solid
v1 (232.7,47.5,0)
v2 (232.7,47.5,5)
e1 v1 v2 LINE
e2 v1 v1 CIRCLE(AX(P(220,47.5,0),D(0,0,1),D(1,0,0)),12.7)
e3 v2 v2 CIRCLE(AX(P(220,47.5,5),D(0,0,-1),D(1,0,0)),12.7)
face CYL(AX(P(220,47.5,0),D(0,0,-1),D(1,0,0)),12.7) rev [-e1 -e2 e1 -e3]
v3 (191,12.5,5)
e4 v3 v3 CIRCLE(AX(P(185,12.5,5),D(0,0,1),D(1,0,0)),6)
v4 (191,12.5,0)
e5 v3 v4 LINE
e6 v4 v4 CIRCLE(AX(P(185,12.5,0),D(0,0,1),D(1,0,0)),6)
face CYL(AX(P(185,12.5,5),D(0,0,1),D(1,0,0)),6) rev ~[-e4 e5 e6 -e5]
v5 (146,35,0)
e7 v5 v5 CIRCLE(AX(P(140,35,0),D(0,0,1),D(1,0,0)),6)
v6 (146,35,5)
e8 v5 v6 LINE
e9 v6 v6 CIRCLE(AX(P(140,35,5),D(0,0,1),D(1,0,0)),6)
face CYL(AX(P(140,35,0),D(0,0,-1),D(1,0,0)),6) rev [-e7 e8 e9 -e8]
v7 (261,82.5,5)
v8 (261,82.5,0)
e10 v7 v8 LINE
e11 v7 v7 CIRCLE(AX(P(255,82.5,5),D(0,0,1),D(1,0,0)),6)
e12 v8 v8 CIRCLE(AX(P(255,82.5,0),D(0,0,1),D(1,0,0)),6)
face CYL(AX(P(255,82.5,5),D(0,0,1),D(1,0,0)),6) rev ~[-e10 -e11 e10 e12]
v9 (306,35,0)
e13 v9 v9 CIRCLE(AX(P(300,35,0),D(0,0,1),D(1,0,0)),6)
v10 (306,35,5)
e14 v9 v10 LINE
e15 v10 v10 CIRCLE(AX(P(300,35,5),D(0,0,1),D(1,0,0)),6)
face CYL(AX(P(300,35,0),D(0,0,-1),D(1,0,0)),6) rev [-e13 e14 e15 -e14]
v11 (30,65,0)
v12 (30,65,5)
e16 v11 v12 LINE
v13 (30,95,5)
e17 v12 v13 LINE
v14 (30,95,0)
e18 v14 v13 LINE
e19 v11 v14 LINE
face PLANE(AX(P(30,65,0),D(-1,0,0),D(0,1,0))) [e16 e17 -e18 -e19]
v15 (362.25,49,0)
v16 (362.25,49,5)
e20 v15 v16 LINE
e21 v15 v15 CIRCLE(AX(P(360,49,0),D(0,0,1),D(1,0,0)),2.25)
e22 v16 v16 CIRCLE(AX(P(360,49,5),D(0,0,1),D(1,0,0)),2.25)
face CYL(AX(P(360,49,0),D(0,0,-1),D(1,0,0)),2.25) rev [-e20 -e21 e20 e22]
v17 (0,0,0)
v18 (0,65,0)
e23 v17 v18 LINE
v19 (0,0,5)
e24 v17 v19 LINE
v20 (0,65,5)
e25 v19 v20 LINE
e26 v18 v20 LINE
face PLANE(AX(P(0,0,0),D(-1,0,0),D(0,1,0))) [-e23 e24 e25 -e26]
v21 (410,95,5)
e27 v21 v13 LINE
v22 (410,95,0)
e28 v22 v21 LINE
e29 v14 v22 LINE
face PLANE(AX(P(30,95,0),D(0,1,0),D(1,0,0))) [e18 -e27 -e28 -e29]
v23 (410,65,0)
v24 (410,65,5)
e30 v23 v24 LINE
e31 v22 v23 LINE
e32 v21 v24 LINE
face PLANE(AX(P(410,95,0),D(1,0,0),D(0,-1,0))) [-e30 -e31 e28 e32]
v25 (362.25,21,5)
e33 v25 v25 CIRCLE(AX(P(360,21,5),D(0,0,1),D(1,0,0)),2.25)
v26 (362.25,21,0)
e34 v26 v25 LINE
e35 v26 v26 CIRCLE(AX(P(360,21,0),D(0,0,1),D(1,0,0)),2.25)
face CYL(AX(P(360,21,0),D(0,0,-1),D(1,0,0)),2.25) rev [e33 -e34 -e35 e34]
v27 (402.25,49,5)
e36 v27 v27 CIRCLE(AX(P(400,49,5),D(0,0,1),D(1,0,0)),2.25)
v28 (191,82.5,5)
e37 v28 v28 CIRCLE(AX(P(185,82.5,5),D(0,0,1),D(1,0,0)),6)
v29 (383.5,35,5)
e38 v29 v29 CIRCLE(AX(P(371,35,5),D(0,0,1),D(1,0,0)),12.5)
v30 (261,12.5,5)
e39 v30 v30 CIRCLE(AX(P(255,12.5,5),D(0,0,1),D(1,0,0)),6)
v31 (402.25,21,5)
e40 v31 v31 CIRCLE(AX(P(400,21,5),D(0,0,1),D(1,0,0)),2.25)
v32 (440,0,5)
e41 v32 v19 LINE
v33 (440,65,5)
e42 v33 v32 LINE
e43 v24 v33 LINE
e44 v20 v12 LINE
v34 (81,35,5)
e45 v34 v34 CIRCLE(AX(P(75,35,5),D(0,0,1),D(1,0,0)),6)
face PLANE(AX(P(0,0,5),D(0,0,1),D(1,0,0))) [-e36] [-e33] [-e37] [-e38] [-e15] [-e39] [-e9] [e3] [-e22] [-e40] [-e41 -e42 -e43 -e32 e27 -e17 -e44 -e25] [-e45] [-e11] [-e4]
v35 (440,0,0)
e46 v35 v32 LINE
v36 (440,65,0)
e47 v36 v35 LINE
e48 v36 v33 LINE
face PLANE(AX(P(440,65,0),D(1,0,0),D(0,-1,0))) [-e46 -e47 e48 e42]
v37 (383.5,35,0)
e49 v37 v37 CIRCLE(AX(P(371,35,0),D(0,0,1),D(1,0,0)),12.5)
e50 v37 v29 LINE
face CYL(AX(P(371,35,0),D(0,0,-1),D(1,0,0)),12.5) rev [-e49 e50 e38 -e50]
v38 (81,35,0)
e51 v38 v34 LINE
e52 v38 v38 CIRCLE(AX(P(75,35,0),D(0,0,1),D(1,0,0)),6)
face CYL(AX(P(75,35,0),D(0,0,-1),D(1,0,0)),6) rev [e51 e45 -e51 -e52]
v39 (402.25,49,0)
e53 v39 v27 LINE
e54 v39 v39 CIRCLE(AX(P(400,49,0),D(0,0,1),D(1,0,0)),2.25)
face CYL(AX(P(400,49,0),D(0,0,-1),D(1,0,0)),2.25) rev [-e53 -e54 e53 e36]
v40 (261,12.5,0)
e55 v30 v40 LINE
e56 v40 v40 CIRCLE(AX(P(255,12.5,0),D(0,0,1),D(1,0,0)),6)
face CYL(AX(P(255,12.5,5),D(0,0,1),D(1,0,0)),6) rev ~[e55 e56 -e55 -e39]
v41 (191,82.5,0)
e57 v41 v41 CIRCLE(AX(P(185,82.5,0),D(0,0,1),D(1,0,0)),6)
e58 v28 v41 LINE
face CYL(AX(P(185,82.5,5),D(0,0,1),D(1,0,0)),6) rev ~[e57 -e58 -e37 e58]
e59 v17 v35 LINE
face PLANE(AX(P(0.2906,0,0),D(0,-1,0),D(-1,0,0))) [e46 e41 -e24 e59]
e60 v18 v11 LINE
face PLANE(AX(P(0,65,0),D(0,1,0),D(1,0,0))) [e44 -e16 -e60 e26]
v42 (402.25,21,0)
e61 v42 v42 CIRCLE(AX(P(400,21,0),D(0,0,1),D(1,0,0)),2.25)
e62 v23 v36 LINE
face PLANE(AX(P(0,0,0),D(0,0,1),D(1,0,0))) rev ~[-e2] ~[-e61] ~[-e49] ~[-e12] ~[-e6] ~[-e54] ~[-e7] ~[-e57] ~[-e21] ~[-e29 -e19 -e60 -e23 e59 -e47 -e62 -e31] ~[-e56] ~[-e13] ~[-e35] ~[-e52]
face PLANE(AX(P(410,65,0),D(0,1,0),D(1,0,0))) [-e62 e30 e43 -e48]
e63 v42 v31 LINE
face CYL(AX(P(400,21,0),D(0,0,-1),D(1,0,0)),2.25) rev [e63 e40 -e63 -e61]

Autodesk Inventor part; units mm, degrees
ref_plane "YZ Plane" through (0, 0, 0) normal (1, 0, 0) x (0, 1, 0)
ref_plane "XZ Plane" through (0, 0, 0) normal (0, 1, 0) x (-1, 0, 0)
ref_plane "XY Plane" through (0, 0, 0) normal (0, 0, 1) x (1, 0, 0)
sketch "Sketch1" plane through (0, 0, 0) normal (0, 0, 1) x (1, 0, 0)
  line L0 (0, 0) -> (0, 65)
  line L1 (0, 65) -> (30, 65)
  line L2 (30, 65) -> (30, 95)
  line L3 (30, 95) -> (410, 95)
  line L4 (410, 95) -> (410, 65)
  line L5 (410, 65) -> (440, 65)
  line L6 (440, 65) -> (440, 0)
  line L7 (440, 0) -> (0, 0)
  circle A0 centre (220, 47.5) radius 12.7
  circle A1 centre (140, 35) radius 6
  line L8 (220, 146.6753) -> (220, -14.9007)
  circle A2 centre (371, 35) radius 12.5
  circle A3 centre (300, 35) radius 6
  circle A4 centre (400, 49) radius 2.25
  circle A5 centre (360, 49) radius 2.25
  circle A6 centre (400, 21) radius 2.25
  circle A7 centre (360, 21) radius 2.25
  circle A8 centre (75, 35) radius 6
  line L9 (0, 0) -> (0.2906, 0)
  point P0 (0.1453, 0)
  dimension "d1" = 65
  dimension "d2" = 30
  dimension "d3" = 30
  dimension "d4" = 380
  dimension "d5" = 30
  dimension "d6" = 30
  dimension "d7" = 25.4
  dimension "d18" = 12
  dimension "d21" = 140
  dimension "d37" = 0
  dimension "d39" = 190
  dimension "d40" = 35
  dimension "d45" = 12
  dimension "d46" = 35
  dimension "d47" = 75
  dimension "d49" = 11
  dimension "d50" = 11
  dimension "d51" = 14
  dimension "d52" = 14
  dimension "d53" = 29
  dimension "d55" = 29
  dimension "d56" = 28
  dimension "d57" = 71
  dimension "d58" = 0
  dimension "d61" = 25
  dimension "d62" = 4.5
  dimension "d63" = 4.5
  dimension "d64" = 4.5
  dimension "d65" = 4.5
  dimension "d67" = 0
  dimension "d68" = 14
  dimension "d85" = 47.5
extrude "Extrusion1" add sketch "Sketch1" along normal blind 5 contours L0 L1 L2 L3 L8 A0 L7 | L8 A0 L3 L4 L5 L6 L7
sketch "Sketch2" plane through (0, 0, 5) normal (0, 0, 1) x (1, 0, 0)
  circle A0 centre (185, 82.5) radius 6
  circle A1 centre (255, 82.5) radius 6
  circle A2 centre (185, 12.5) radius 6
  circle A3 centre (255, 12.5) radius 6
  circle A4 centre (220, 47.5) radius 12.7 projected
  point P0 (0, 0)
  dimension "d71" = 12
  dimension "d72" = 12
  dimension "d73" = 12
  dimension "d74" = 12
  dimension "d75" = 35
  dimension "d76" = 35
  dimension "d77" = 70
  dimension "d78" = 35
  dimension "d79" = 35
  dimension "d80" = 70
  dimension "d81" = 35
  dimension "d82" = 35
extrude "Extrusion2" cut sketch "Sketch2" against normal through all contours A0 | A1 | A2 | A3
properties part number "Suporte _ Motores"
